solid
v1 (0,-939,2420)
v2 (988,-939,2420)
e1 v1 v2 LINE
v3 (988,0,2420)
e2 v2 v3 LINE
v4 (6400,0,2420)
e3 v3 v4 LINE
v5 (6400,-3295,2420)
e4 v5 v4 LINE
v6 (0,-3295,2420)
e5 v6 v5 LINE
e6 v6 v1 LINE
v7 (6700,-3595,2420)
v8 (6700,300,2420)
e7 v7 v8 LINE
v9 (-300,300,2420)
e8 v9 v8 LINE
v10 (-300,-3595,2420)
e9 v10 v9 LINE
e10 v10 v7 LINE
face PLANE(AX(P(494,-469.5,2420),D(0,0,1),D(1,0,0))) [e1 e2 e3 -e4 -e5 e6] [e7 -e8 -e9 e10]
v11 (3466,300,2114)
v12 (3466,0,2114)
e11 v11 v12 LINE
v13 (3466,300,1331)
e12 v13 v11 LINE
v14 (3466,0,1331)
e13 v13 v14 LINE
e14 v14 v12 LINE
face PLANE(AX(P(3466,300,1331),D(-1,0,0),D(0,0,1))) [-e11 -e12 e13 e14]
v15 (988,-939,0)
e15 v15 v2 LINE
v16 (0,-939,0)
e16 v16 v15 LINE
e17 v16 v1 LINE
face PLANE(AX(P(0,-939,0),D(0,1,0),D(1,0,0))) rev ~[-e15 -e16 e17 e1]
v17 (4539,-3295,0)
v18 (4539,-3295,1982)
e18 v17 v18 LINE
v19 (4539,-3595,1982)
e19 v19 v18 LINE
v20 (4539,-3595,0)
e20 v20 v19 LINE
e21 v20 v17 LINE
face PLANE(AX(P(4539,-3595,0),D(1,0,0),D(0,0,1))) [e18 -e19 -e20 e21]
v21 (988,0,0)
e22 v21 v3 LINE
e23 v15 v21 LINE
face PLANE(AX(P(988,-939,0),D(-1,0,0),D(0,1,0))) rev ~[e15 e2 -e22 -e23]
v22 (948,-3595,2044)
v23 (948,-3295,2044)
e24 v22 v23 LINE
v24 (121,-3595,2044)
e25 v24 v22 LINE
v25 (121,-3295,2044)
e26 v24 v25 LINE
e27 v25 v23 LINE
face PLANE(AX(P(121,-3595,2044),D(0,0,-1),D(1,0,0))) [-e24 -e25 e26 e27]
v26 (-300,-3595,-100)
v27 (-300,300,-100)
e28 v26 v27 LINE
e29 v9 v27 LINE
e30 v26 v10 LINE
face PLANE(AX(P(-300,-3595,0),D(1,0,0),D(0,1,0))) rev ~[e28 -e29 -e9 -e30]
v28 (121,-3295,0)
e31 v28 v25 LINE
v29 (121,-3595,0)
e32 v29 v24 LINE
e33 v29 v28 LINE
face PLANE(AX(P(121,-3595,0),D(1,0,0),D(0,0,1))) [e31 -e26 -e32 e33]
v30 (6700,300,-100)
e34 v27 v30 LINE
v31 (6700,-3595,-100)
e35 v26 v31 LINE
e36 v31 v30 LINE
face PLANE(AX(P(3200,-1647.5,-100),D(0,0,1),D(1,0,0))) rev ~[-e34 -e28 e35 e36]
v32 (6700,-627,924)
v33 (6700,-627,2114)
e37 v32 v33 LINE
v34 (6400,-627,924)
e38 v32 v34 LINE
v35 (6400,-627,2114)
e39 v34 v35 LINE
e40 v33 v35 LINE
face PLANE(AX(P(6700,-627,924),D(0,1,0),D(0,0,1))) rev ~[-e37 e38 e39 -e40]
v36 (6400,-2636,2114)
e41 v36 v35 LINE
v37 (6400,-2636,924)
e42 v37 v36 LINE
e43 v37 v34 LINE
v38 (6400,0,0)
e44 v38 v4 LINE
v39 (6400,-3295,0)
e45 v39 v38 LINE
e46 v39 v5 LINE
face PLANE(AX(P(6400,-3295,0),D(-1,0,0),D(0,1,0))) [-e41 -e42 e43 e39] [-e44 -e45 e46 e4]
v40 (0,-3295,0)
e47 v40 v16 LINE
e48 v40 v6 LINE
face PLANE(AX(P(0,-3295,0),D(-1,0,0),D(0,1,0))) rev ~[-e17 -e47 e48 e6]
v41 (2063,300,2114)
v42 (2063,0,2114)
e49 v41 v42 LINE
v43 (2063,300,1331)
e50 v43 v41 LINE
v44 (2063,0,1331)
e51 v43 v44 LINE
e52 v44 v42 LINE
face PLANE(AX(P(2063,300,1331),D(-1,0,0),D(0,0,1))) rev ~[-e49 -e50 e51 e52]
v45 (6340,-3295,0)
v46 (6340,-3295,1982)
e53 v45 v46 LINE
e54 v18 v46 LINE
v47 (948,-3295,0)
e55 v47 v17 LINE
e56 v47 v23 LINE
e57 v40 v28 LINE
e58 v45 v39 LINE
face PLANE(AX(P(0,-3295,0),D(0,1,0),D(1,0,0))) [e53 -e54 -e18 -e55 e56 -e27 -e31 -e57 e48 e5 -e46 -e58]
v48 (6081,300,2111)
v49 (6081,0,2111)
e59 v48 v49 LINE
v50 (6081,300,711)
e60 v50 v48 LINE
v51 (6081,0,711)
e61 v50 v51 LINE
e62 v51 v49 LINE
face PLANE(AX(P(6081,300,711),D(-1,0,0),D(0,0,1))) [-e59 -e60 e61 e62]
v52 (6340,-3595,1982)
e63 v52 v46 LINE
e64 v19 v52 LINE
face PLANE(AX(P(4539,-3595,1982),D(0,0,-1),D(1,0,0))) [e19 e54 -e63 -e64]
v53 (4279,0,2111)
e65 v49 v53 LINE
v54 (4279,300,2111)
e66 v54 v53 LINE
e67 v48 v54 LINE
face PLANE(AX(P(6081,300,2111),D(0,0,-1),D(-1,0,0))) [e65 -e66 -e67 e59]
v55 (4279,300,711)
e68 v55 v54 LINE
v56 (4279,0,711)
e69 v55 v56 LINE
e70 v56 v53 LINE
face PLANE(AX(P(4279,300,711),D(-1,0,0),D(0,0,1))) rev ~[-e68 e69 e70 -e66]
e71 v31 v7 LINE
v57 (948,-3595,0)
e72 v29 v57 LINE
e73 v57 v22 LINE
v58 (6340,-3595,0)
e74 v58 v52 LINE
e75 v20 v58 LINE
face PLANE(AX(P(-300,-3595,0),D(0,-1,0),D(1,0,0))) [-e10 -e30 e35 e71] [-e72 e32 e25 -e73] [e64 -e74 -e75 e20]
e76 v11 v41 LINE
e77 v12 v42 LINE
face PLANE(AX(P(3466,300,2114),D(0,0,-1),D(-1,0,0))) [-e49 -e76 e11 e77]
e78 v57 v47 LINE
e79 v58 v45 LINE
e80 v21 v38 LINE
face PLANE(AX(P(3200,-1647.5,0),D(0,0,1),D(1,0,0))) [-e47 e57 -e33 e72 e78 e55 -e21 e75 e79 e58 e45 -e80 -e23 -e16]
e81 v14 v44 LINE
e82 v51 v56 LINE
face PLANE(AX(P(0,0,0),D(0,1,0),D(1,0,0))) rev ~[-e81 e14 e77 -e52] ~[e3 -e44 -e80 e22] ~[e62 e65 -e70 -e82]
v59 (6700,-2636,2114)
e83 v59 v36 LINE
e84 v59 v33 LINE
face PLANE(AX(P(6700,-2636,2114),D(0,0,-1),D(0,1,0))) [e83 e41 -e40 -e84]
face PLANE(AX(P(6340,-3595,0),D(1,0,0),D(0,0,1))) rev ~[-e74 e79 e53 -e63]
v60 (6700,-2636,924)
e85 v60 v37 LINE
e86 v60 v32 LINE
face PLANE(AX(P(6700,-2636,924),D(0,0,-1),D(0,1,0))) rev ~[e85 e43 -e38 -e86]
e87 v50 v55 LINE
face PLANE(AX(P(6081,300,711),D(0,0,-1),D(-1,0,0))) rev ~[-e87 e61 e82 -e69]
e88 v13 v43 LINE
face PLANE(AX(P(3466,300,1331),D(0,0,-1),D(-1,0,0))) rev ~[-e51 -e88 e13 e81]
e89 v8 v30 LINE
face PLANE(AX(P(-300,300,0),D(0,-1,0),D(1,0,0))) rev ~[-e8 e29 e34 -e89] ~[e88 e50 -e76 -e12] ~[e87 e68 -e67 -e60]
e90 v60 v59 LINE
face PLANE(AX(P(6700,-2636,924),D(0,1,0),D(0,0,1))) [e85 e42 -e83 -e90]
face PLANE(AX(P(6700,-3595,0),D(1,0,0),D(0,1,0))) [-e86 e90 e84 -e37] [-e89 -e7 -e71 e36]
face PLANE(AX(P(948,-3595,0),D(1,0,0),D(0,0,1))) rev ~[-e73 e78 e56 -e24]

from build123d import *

# Parameters (mm, degrees)
F0_W      = 7000
F0_H      = 3895
F0_W_2    = 6400
F0_H_2    = 3295
F1_DEPTH  = 2420
F2_W      = 1801
F2_H      = 1982
F3_DEPTH  = 300
F4_W      = 827
F4_H      = 2044
F5_DEPTH  = 300
F6_W      = 2009
F6_H      = 1190
F7_DEPTH  = 300
F8_W      = 1802
F8_H      = 1400
F9_DEPTH  = 300
F10_W     = 988
F10_H     = 939
F11_DEPTH = 2420
F12_W     = 1403
F12_H     = 783
F13_DEPTH = 300
F14_W     = 7000
F14_H     = 3895
F15_DEPTH = 100


with BuildPart() as f1:
    # F0 (on Top) → F1 (new body)
    with BuildSketch(Plane.XY):
        with Locations((3200, -1647.5)):
            Rectangle(F0_W, F0_H)
        with Locations((3200, -1647.5)):
            Rectangle(F0_W_2, F0_H_2, mode=Mode.SUBTRACT)
    extrude(amount=F1_DEPTH)

    # F2 (on face) → F3 (cut)
    with BuildSketch(Plane.XZ.offset(3595)):
        with Locations((5439.5, 991)):
            Rectangle(F2_W, F2_H)
    extrude(amount=-F3_DEPTH, mode=Mode.SUBTRACT)

    # F4 (on face) → F5 (cut)
    with BuildSketch(Plane.XZ.offset(3595)):
        with Locations((534.5, 1022)):
            Rectangle(F4_W, F4_H)
    extrude(amount=-F5_DEPTH, mode=Mode.SUBTRACT)

    # F6 (on face) → F7 (cut)
    with BuildSketch(Plane.YZ.offset(6700)):
        with Locations((-1631.5, 1519)):
            Rectangle(F6_W, F6_H)
    extrude(amount=-F7_DEPTH, mode=Mode.SUBTRACT)

    # F8 (on face) → F9 (cut)
    with BuildSketch(Plane(origin=(0, 300, 0), x_dir=(-1, 0, 0), z_dir=(0, 1, 0))):
        with Locations((-5180, 1411)):
            Rectangle(F8_W, F8_H)
    extrude(amount=-F9_DEPTH, mode=Mode.SUBTRACT)

    # F10 (on Top) → F11 (join)
    with BuildSketch(Plane.XY):
        with Locations((494, -469.5)):
            Rectangle(F10_W, F10_H)
    extrude(amount=F11_DEPTH)

    # F12 (on face) → F13 (cut)
    with BuildSketch(Plane(origin=(0, 300, 0), x_dir=(-1, 0, 0), z_dir=(0, 1, 0))):
        with Locations((-2764.5, 1722.5)):
            Rectangle(F12_W, F12_H)
    extrude(amount=-F13_DEPTH, mode=Mode.SUBTRACT)

    # F14 (on Top) → F15 (join)
    with BuildSketch(Plane.XY):
        with Locations((3200, -1647.5)):
            Rectangle(F14_W, F14_H)
    extrude(amount=-F15_DEPTH)


solid = f1.part
